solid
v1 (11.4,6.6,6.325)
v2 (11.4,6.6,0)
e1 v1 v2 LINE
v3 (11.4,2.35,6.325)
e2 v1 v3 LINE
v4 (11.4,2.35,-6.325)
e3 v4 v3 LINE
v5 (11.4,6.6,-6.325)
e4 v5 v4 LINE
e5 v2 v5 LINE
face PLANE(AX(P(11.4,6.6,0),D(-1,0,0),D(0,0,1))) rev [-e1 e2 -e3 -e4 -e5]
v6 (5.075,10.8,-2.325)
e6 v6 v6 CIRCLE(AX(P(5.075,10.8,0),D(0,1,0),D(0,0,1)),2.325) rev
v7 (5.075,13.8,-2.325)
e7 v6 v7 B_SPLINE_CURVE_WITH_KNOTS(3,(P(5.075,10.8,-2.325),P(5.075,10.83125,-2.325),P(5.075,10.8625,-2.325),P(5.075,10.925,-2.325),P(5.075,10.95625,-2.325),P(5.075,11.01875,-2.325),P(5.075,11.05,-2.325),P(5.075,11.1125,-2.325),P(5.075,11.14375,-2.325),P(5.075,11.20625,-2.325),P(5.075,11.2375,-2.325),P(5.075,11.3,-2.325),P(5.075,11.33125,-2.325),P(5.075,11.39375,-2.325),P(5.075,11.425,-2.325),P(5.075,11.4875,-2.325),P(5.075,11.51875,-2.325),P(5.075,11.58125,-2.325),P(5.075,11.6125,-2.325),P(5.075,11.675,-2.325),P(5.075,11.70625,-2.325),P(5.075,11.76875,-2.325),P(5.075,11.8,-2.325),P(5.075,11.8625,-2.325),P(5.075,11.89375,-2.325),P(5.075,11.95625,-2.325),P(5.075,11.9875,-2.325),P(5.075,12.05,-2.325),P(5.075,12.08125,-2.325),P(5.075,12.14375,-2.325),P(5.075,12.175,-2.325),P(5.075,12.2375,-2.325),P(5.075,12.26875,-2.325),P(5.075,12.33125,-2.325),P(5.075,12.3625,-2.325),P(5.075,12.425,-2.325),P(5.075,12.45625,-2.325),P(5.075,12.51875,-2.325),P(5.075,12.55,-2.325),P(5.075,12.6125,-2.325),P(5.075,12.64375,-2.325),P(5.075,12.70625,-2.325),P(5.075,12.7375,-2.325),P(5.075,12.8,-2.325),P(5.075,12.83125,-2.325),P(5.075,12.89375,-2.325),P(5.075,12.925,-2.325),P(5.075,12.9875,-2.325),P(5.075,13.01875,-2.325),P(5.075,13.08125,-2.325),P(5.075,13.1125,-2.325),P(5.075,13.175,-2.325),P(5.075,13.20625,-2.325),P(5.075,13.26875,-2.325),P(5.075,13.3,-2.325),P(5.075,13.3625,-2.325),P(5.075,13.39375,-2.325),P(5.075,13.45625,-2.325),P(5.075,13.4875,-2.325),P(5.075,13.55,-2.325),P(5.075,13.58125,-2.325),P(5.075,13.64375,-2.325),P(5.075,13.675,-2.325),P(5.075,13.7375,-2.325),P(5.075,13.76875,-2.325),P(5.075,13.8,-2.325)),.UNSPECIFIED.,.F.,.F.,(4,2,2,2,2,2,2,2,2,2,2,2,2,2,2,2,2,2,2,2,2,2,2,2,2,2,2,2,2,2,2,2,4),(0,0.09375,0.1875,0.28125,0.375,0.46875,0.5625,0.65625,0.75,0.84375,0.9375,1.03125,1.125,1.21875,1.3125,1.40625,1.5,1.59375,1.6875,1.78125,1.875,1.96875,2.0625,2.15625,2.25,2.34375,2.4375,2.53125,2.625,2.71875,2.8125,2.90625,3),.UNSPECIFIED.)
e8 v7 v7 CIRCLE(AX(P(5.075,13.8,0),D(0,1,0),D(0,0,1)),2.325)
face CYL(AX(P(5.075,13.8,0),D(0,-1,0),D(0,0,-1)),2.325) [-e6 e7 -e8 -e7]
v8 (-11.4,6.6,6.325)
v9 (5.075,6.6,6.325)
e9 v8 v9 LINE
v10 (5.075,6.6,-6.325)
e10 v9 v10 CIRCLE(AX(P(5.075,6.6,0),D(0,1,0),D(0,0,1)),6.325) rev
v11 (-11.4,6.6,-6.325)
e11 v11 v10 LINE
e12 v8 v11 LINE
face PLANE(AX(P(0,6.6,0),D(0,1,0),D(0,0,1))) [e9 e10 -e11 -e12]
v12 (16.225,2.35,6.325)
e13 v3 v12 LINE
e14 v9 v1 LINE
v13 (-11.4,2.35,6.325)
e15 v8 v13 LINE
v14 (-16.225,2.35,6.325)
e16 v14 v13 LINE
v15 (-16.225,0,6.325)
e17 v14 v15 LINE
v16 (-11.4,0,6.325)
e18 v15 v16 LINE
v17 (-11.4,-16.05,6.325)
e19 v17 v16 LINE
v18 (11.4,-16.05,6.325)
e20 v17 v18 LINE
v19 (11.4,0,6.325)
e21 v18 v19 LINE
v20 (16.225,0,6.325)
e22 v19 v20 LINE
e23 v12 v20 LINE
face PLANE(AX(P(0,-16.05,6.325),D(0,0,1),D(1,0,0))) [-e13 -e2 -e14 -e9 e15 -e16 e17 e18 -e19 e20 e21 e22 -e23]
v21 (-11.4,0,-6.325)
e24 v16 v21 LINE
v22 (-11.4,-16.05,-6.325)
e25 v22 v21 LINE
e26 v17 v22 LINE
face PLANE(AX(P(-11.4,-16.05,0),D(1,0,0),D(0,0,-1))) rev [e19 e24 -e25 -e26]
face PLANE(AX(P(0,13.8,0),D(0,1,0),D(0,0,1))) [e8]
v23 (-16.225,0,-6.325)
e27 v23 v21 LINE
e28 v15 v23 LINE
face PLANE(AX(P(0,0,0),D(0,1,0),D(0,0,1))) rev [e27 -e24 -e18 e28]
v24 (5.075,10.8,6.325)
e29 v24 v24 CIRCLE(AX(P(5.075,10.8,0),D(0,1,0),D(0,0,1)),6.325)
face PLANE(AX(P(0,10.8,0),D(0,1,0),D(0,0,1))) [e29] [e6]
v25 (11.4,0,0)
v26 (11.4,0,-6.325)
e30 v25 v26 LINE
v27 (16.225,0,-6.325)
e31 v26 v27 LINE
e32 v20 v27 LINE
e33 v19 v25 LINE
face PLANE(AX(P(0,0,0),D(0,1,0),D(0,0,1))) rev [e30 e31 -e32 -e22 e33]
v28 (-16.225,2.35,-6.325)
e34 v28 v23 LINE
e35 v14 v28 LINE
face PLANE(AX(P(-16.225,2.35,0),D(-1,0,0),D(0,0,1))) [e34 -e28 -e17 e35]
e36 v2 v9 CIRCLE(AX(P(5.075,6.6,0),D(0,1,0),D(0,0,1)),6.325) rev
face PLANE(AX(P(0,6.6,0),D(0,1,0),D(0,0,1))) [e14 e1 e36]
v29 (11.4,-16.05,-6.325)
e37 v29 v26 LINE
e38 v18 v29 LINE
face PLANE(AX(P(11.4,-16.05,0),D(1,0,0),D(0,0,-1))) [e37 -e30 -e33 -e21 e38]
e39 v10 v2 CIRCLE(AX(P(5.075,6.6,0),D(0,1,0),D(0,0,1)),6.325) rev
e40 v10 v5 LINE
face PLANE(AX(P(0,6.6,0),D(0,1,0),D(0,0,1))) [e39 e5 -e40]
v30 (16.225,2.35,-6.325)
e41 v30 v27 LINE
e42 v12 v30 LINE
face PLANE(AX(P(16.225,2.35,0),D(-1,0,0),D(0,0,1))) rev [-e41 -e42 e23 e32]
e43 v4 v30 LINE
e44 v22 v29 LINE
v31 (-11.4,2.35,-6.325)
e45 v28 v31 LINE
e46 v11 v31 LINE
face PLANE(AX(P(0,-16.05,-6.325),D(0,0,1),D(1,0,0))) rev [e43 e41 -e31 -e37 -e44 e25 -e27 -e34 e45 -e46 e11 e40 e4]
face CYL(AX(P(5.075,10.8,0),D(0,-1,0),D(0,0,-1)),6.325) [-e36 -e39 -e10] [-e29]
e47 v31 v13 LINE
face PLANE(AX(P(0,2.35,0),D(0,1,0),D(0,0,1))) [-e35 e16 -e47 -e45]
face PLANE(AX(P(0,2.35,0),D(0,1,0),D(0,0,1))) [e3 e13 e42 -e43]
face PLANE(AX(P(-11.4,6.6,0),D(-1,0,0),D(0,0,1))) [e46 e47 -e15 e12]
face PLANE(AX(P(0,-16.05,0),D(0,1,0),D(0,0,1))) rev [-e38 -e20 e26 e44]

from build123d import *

# Parameters (mm, degrees)
SKETCH1_W           = 22.8
SKETCH1_H           = 12.65
BOSS_EXTRUDE1_DEPTH = 16.05
SKETCH1_3_W         = 32.45
SKETCH1_3_H         = 12.65
BOSS_EXTRUDE2_DEPTH = 2.35
SKETCH1_4_W         = 22.8
SKETCH1_4_H         = 12.65
BOSS_EXTRUDE3_DEPTH = 6.6
SKETCH1_5_R         = 6.325
BOSS_EXTRUDE4_DEPTH = 10.8
SKETCH1_6_R         = 2.325
BOSS_EXTRUDE5_DEPTH = 13.8


with BuildPart() as part:
    # Sketch1 → Boss-Extrude1 (new body)
    with BuildSketch(Plane(origin=(0, 0, 0), x_dir=(1, 0, 0), z_dir=(0, 1, 0))):
        Rectangle(SKETCH1_W, SKETCH1_H)
    extrude(amount=-BOSS_EXTRUDE1_DEPTH)

    # Sketch1<3> → Boss-Extrude2 (add)
    with BuildSketch(Plane(origin=(0, 0, 0), x_dir=(1, 0, 0), z_dir=(0, 1, 0))):
        Rectangle(SKETCH1_3_W, SKETCH1_3_H)
    extrude(amount=BOSS_EXTRUDE2_DEPTH)

    # Sketch1<4> → Boss-Extrude3 (add)
    with BuildSketch(Plane(origin=(0, 0, 0), x_dir=(1, 0, 0), z_dir=(0, 1, 0))):
        Rectangle(SKETCH1_4_W, SKETCH1_4_H)
    extrude(amount=BOSS_EXTRUDE3_DEPTH)

    # Sketch1<5> → Boss-Extrude4 (add)
    with BuildSketch(Plane(origin=(0, 0, 0), x_dir=(1, 0, 0), z_dir=(0, 1, 0))):
        with Locations((5.075, 0)):
            Circle(SKETCH1_5_R)
    extrude(amount=BOSS_EXTRUDE4_DEPTH)

    # Sketch1<6> → Boss-Extrude5 (add)
    with BuildSketch(Plane(origin=(0, 0, 0), x_dir=(1, 0, 0), z_dir=(0, 1, 0))):
        with Locations((5.075, 0)):
            Circle(SKETCH1_6_R)
    extrude(amount=BOSS_EXTRUDE5_DEPTH)


solid = part.part
